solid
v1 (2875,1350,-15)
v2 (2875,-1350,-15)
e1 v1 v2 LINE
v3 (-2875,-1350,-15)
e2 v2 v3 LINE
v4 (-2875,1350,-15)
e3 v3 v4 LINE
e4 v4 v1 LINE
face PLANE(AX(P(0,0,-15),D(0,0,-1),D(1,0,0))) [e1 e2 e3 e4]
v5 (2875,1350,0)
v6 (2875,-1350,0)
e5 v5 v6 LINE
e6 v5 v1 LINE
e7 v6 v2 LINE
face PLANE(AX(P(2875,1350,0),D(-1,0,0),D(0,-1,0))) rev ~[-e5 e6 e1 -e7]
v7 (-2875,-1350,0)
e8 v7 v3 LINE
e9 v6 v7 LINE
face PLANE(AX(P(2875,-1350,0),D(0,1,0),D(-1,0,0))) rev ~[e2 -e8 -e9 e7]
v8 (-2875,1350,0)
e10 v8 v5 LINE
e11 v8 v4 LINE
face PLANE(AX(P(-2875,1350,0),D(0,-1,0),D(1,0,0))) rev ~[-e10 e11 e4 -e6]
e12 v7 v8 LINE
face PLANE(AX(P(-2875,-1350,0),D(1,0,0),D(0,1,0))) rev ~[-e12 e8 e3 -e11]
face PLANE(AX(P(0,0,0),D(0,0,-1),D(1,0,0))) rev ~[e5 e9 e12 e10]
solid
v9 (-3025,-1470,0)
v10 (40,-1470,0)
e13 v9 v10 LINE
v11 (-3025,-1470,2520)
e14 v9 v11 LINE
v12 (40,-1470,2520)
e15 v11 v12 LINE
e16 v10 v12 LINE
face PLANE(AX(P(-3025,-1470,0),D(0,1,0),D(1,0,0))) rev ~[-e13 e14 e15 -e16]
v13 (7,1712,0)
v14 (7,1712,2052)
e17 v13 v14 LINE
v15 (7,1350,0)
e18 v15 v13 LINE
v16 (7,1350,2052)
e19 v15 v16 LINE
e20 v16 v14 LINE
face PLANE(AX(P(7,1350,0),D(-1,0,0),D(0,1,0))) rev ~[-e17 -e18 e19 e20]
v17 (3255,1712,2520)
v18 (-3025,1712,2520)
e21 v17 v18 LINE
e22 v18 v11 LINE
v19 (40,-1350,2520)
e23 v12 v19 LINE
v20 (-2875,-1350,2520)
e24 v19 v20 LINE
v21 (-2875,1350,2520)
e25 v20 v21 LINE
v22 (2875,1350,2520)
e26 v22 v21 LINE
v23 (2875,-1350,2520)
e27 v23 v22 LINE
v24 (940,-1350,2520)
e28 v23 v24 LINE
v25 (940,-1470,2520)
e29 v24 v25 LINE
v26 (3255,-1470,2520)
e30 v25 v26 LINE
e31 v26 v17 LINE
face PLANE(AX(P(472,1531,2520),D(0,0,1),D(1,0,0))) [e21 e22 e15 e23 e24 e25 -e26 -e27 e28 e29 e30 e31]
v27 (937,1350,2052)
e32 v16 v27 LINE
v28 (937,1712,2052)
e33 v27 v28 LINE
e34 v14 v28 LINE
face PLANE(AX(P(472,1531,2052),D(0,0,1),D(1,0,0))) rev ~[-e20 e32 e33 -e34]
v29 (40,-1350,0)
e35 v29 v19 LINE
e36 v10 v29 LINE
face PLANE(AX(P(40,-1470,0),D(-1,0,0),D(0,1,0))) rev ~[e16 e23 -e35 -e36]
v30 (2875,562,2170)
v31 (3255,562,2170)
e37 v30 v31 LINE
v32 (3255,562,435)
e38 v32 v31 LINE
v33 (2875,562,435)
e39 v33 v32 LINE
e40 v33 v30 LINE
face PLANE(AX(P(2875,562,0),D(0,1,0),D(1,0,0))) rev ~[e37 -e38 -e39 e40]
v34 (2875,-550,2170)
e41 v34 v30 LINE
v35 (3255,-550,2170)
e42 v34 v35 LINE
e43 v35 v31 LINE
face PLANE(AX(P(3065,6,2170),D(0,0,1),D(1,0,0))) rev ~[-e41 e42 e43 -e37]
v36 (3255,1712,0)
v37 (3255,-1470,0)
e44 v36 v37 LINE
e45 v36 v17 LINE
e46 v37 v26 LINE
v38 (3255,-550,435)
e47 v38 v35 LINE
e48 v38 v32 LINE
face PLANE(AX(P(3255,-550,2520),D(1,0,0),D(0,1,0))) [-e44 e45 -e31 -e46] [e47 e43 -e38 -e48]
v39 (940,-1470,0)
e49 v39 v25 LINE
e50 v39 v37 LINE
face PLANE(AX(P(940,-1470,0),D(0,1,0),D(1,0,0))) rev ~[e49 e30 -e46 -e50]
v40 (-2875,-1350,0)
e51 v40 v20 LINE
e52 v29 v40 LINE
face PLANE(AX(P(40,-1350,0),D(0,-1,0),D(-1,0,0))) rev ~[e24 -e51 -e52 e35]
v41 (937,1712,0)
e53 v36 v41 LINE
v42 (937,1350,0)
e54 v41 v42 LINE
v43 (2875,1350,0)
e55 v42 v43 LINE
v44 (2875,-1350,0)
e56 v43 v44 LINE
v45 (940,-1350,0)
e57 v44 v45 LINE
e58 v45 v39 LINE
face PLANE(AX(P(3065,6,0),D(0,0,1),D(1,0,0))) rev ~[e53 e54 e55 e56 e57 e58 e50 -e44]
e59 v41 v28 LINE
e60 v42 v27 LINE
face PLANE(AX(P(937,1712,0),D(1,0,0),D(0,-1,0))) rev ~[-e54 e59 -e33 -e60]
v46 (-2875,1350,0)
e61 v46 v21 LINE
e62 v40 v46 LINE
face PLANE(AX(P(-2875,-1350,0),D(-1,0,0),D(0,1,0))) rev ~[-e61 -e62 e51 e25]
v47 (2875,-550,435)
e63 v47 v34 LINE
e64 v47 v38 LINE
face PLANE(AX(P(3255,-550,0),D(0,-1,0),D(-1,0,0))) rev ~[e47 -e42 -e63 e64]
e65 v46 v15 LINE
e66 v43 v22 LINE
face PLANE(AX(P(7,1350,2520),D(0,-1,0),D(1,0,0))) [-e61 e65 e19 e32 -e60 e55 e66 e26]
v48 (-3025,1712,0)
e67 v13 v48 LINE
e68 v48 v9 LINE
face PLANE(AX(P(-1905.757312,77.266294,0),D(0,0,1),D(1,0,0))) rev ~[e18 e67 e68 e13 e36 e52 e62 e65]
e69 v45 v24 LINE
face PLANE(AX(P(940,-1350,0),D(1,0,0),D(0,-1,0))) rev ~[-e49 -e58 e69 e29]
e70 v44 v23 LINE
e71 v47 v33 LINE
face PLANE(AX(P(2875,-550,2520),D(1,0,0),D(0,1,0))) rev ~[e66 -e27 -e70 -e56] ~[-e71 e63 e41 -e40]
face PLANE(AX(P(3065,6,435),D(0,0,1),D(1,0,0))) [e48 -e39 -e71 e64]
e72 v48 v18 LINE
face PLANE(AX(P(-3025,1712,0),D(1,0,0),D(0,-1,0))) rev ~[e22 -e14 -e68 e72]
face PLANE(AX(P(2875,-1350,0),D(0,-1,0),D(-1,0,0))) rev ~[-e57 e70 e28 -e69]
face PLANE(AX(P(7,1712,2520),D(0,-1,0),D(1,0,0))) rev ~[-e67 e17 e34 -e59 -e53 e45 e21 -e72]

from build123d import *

# Parameters (mm, degrees)
F1_DEPTH = 2520
F0_W     = 380
F0_H     = 1112
F2_DEPTH = 435
F3_W     = 380
F3_H     = 1112
F4_DEPTH = 350
F5_W     = 930
F5_H     = 362
F6_DEPTH = 468
F8_DEPTH = 15


with BuildPart() as f1:
    # F0 (on Top) → F1 (new body)
    with BuildSketch(Plane.XY):
        Polygon((40, -1470), (40, -1350), (-2875, -1350), (-2875, 1350), (7, 1350), (7, 1712), (-3025, 1712), (-3025, -1470), align=None)
        Polygon((2875, 1350), (2875, 562), (3255, 562), (3255, 1712), (937, 1712), (937, 1350), align=None)
        Polygon((2875, -550), (2875, -1350), (940, -1350), (940, -1470), (3255, -1470), (3255, -550), align=None)
    extrude(amount=F1_DEPTH)

    # F0 (on Top) → F2 (join)
    with BuildSketch(Plane.XY):
        with Locations((3065, 6)):
            Rectangle(F0_W, F0_H)
    extrude(amount=F2_DEPTH)

    # F3 (on face) → F4 (join)
    with BuildSketch(Plane.XY.offset(2520)):
        with Locations((3065, 6)):
            Rectangle(F3_W, F3_H)
    extrude(amount=-F4_DEPTH)

    # F5 (on face) → F6 (join)
    with BuildSketch(Plane.XY.offset(2520)):
        with Locations((472, 1531)):
            Rectangle(F5_W, F5_H)
    extrude(amount=-F6_DEPTH)


with BuildPart() as f8:
    # F7 (on face) → F8 (new body)
    with BuildSketch(Plane(origin=(0, 0, 0), x_dir=(1, 0, 0), z_dir=(0, 0, -1))):
        Polygon((40, 1350), (-2875, 1350), (-2875, -1350), (7, -1350), (2875, -1350), (2875, 1350), align=None)
    extrude(amount=F8_DEPTH)


solid = Compound([f1.part, f8.part])
